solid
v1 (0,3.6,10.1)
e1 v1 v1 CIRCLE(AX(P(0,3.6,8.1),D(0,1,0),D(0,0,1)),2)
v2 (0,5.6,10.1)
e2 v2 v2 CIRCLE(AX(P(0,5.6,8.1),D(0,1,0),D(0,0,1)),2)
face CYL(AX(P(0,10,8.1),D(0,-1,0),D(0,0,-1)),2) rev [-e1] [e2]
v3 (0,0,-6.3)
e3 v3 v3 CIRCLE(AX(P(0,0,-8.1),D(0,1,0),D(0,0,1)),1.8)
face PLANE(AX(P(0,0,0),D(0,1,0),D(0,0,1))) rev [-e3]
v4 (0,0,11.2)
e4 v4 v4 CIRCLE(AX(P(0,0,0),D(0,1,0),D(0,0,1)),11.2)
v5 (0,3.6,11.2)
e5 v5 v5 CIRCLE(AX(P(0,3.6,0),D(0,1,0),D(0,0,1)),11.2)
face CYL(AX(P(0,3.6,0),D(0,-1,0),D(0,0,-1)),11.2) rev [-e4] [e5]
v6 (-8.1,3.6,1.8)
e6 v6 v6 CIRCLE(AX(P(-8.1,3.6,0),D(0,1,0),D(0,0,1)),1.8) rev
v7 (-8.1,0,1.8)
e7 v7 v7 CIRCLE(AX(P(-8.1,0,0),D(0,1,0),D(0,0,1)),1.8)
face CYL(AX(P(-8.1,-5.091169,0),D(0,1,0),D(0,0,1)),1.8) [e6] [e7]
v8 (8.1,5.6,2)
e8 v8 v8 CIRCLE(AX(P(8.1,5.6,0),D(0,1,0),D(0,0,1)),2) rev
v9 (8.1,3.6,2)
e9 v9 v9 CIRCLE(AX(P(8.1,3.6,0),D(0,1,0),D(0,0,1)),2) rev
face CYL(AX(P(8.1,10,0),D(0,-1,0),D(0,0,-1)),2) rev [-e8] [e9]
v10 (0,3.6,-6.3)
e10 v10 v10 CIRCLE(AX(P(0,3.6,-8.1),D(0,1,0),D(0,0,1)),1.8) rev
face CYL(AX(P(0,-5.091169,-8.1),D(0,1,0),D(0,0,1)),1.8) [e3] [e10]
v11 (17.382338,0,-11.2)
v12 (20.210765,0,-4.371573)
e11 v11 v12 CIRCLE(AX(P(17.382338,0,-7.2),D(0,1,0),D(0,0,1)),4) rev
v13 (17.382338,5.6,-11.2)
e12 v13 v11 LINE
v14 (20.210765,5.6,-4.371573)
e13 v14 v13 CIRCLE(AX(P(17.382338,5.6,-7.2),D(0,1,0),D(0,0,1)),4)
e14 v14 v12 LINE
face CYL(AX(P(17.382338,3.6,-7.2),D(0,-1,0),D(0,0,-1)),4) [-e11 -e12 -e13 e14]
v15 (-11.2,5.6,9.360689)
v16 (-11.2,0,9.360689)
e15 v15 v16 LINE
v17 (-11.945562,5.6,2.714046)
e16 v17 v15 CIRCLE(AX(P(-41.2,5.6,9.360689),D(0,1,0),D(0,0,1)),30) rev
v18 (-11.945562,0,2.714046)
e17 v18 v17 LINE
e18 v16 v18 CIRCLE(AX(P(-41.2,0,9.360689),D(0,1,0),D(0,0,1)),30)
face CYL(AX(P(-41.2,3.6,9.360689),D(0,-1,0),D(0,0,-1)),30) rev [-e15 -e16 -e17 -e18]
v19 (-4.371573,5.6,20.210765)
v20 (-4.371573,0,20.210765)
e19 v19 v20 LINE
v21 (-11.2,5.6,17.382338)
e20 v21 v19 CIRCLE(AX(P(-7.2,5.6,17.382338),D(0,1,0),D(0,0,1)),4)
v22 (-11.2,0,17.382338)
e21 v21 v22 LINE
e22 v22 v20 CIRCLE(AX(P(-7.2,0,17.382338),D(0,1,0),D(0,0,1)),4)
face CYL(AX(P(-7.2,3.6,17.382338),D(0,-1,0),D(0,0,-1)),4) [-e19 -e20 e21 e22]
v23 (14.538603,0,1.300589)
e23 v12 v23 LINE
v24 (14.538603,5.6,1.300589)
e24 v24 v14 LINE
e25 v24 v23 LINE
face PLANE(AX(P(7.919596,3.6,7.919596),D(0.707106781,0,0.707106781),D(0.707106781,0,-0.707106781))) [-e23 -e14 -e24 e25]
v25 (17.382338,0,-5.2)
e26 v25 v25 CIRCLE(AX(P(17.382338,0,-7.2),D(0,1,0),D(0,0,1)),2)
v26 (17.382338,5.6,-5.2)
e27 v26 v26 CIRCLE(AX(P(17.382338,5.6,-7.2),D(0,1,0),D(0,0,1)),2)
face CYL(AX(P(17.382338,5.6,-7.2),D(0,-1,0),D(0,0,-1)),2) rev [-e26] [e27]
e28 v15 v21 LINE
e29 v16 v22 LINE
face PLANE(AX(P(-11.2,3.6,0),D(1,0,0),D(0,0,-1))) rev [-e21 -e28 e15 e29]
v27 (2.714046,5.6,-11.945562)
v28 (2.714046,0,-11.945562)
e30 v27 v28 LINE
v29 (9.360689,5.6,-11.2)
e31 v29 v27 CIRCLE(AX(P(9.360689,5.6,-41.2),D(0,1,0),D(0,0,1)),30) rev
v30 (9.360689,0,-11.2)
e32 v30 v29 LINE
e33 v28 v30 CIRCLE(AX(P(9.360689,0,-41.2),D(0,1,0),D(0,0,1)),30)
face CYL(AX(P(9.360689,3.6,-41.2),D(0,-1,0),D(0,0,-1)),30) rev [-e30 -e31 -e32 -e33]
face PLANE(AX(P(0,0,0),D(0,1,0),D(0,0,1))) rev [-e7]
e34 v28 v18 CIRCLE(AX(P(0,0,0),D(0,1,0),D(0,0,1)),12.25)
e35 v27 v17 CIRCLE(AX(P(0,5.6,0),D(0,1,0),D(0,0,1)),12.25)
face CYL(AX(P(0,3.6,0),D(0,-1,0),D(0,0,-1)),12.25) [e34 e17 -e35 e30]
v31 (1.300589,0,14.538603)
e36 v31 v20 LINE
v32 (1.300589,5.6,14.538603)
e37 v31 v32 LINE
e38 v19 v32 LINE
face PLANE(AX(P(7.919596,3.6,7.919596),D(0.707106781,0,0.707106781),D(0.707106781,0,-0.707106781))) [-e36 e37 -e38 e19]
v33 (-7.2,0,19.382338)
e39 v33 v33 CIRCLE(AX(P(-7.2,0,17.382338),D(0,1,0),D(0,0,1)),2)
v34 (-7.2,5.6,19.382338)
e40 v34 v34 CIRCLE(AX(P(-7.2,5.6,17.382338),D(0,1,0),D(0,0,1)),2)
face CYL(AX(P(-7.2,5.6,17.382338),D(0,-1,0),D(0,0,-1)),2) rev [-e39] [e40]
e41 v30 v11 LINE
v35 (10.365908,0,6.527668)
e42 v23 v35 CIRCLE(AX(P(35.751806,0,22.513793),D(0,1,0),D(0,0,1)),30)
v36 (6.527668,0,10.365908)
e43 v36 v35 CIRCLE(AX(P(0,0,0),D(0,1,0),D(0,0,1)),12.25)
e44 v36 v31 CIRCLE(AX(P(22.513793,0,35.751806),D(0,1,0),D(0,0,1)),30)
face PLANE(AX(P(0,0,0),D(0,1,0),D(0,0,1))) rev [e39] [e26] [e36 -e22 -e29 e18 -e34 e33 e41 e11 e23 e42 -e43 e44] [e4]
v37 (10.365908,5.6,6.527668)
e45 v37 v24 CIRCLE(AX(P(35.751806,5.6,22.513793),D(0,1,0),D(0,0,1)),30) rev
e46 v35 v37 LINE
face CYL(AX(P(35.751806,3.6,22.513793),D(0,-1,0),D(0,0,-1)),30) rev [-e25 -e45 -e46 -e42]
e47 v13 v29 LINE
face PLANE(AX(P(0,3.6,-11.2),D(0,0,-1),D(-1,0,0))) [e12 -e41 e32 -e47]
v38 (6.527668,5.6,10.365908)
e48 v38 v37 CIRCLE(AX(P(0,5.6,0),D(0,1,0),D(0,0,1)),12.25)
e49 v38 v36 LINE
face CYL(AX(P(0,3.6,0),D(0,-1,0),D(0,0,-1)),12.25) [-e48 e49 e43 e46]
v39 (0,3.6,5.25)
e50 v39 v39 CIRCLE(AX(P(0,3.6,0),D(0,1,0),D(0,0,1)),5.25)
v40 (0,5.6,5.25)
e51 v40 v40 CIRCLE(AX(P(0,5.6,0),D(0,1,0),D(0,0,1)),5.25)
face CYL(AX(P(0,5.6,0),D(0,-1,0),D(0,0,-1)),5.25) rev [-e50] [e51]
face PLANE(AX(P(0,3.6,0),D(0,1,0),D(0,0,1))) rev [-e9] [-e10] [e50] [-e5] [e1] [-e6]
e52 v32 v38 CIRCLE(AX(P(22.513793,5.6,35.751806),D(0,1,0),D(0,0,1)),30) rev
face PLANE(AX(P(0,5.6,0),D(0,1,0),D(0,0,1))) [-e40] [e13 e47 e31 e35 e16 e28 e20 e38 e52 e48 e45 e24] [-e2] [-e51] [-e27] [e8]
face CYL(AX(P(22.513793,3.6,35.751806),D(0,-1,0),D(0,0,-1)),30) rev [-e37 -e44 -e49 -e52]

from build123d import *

# Parameters (mm, degrees)
BOSS_EXTRUDE7_DEPTH = 3.6
SKETCH3_R           = 11.2
SKETCH3_R_2         = 5.25
BOSS_EXTRUDE8_DEPTH = 2
SKETCH4_R           = 2
CUT_EXTRUDE1_DEPTH  = 31.753353097
FILLET5_R           = 30
SKETCH5_R           = 1.8
BOSS_EXTRUDE9_DEPTH = 3.6
SKETCH6_R           = 2
CUT_EXTRUDE3_DEPTH  = 10


with BuildPart() as part:
    # Sketch1 → Boss-Extrude7 (new body)
    with BuildSketch(Plane(origin=(0, 0, 0), x_dir=(1, 0, 0), z_dir=(0, 1, 0))):
        with BuildLine():
            ThreePointArc((4.41085686, -11.428335039), (-4.687872046, -11.317524273), (-11.2, -4.962106408))
            Line((-11.2, -4.962106408), (-11.2, -17.382337649))
            ThreePointArc((-11.2, -17.382337649), (-8.730733729, -21.077855779), (-4.371572875, -20.210764774))
            Line((-4.371572875, -20.210764774), (4.41085686, -11.428335039))
        make_face()
        with BuildLine():
            ThreePointArc((7.91959592, -7.919595979), (-4.286054462, -10.347450756), (-11.2, 0))
            Line((-11.2, 0), (-11.2, -4.962106408))
            ThreePointArc((-11.2, -4.962106408), (-4.687872046, -11.317524273), (4.41085686, -11.428335039))
            Line((4.41085686, -11.428335039), (7.91959592, -7.919595979))
        make_face()
        with BuildLine():
            Line((11.428335039, -4.41085686), (7.91959592, -7.919595979))
            Line((7.91959592, -7.919595979), (4.41085686, -11.428335039))
            ThreePointArc((4.41085686, -11.428335039), (8.66205807, -8.66205807), (11.428335039, -4.41085686))
        make_face()
        with BuildLine():
            Line((4.962106408, 11.2), (0, 11.2))
            ThreePointArc((0, 11.2), (7.919595949, 7.919595949), (11.2, 0))
            ThreePointArc((11.2, 0), (10.347450756, -4.286054462), (7.91959592, -7.919595979))
            Line((7.91959592, -7.919595979), (11.428335039, -4.41085686))
            ThreePointArc((11.428335039, -4.41085686), (12.042831981, -2.243367532), (12.25, 0))
            ThreePointArc((12.25, 0), (10.267626393, 6.681193625), (4.962106408, 11.2))
        make_face()
        with BuildLine():
            Line((17.382337649, 11.2), (4.962106408, 11.2))
            ThreePointArc((4.962106408, 11.2), (10.267626393, 6.681193625), (12.25, 0))
            ThreePointArc((12.25, 0), (12.042831981, -2.243367532), (11.428335039, -4.41085686))
            Line((11.428335039, -4.41085686), (20.210764774, 4.371572875))
            ThreePointArc((20.210764774, 4.371572875), (21.077855779, 8.730733729), (17.382337649, 11.2))
        make_face()
        with BuildLine():
            ThreePointArc((-11.2, 0), (-7.919595949, 7.919595949), (0, 11.2))
            Line((0, 11.2), (4.962106408, 11.2))
            ThreePointArc((4.962106408, 11.2), (-8.66205807, 8.66205807), (-11.2, -4.962106408))
            Line((-11.2, -4.962106408), (-11.2, 0))
        make_face()
    extrude(amount=BOSS_EXTRUDE7_DEPTH)

    # Sketch3 → Boss-Extrude8 (add)
    # profile 1 of 2: a face of its own
    with BuildSketch(Plane(origin=(0, 3.6, 0), x_dir=(1, 0, 0), z_dir=(0, 1, 0))):
        with BuildLine():
            Line((-4.371572875, -20.210764774), (4.41085686, -11.428335039))
            ThreePointArc((4.41085686, -11.428335039), (8.66205807, -8.66205807), (11.428335039, -4.41085686))
            Line((11.428335039, -4.41085686), (20.210764774, 4.371572875))
            ThreePointArc((20.210764774, 4.371572875), (21.077855779, 8.730733729), (17.382337649, 11.2))
            Line((17.382337649, 11.2), (4.962106408, 11.2))
            ThreePointArc((4.962106408, 11.2), (-8.66205807, 8.66205807), (-11.2, -4.962106408))
            Line((-11.2, -4.962106408), (-11.2, -17.382337649))
            ThreePointArc((-11.2, -17.382337649), (-8.730733729, -21.077855779), (-4.371572875, -20.210764774))
        make_face()
        with Locations(Location((0, 0, 0), (0, 0, 270))):
            Circle(SKETCH3_R, mode=Mode.SUBTRACT)
    # profile 2 of 2: a face of its own
    with BuildSketch(Plane(origin=(0, 3.6, 0), x_dir=(1, 0, 0), z_dir=(0, 1, 0))):
        with Locations(Location((0, 0, 0), (0, 0, 270))):
            Circle(SKETCH3_R)
        with Locations(Location((0, 0, 0), (0, 0, 270))):
            Circle(SKETCH3_R_2, mode=Mode.SUBTRACT)
    extrude(amount=BOSS_EXTRUDE8_DEPTH)

    # Sketch4 → Cut-Extrude1 (cut, through all)
    with BuildSketch(Plane(origin=(0, 0, 0), x_dir=(1, 0, 0), z_dir=(0, 1, 0))):
        with Locations(Location((-7.2, -17.382337649, 0), (0, 0, 270))):
            Circle(SKETCH4_R)
        with Locations(Location((17.382337649, 7.2, 0), (0, 0, 270))):
            Circle(SKETCH4_R)
    extrude(amount=CUT_EXTRUDE1_DEPTH, mode=Mode.SUBTRACT)

    # Fillet5
    fillet5_edges = [part.edges().sort_by_distance(p)[0] for p in [
        (4.41085686, 2.8, 11.428335039),
        (-11.2, 2.8, 4.962106408),
        (4.962106408, 2.8, -11.2),
        (11.428335039, 2.8, 4.41085686),
    ]]
    fillet(fillet5_edges, radius=FILLET5_R)

    # Sketch5 → Boss-Extrude9 (add)
    with BuildSketch(Plane.XZ.offset(-3.6)):
        with Locations(Location((-8.1, 0, 0), (0, 0, 90))):
            Circle(SKETCH5_R)
        with Locations(Location((8.1, 0, 0), (0, 0, 90))):
            Circle(SKETCH5_R)
        with Locations(Location((0, -8.1, 0), (0, 0, 90))):
            Circle(SKETCH5_R)
        with Locations(Location((0, 8.1, 0), (0, 0, 90))):
            Circle(SKETCH5_R)
    extrude(amount=BOSS_EXTRUDE9_DEPTH)

    # Sketch6 → Cut-Extrude3 (cut)
    with BuildSketch(Plane.XZ):
        with Locations(Location((0, 8.1, 0), (0, 0, 90))):
            Circle(SKETCH6_R)
    cut_extrude3 = extrude(amount=-CUT_EXTRUDE3_DEPTH, mode=Mode.SUBTRACT)

    # Mirror1: Cut-Extrude3 across plane
    add(cut_extrude3.mirror(Plane(origin=(0, 0, 0), x_dir=(0.707106781186546, 0, 0.707106781186549), z_dir=(-0.707106781186549, 0, 0.707106781186546))), mode=Mode.SUBTRACT)


solid = part.part
